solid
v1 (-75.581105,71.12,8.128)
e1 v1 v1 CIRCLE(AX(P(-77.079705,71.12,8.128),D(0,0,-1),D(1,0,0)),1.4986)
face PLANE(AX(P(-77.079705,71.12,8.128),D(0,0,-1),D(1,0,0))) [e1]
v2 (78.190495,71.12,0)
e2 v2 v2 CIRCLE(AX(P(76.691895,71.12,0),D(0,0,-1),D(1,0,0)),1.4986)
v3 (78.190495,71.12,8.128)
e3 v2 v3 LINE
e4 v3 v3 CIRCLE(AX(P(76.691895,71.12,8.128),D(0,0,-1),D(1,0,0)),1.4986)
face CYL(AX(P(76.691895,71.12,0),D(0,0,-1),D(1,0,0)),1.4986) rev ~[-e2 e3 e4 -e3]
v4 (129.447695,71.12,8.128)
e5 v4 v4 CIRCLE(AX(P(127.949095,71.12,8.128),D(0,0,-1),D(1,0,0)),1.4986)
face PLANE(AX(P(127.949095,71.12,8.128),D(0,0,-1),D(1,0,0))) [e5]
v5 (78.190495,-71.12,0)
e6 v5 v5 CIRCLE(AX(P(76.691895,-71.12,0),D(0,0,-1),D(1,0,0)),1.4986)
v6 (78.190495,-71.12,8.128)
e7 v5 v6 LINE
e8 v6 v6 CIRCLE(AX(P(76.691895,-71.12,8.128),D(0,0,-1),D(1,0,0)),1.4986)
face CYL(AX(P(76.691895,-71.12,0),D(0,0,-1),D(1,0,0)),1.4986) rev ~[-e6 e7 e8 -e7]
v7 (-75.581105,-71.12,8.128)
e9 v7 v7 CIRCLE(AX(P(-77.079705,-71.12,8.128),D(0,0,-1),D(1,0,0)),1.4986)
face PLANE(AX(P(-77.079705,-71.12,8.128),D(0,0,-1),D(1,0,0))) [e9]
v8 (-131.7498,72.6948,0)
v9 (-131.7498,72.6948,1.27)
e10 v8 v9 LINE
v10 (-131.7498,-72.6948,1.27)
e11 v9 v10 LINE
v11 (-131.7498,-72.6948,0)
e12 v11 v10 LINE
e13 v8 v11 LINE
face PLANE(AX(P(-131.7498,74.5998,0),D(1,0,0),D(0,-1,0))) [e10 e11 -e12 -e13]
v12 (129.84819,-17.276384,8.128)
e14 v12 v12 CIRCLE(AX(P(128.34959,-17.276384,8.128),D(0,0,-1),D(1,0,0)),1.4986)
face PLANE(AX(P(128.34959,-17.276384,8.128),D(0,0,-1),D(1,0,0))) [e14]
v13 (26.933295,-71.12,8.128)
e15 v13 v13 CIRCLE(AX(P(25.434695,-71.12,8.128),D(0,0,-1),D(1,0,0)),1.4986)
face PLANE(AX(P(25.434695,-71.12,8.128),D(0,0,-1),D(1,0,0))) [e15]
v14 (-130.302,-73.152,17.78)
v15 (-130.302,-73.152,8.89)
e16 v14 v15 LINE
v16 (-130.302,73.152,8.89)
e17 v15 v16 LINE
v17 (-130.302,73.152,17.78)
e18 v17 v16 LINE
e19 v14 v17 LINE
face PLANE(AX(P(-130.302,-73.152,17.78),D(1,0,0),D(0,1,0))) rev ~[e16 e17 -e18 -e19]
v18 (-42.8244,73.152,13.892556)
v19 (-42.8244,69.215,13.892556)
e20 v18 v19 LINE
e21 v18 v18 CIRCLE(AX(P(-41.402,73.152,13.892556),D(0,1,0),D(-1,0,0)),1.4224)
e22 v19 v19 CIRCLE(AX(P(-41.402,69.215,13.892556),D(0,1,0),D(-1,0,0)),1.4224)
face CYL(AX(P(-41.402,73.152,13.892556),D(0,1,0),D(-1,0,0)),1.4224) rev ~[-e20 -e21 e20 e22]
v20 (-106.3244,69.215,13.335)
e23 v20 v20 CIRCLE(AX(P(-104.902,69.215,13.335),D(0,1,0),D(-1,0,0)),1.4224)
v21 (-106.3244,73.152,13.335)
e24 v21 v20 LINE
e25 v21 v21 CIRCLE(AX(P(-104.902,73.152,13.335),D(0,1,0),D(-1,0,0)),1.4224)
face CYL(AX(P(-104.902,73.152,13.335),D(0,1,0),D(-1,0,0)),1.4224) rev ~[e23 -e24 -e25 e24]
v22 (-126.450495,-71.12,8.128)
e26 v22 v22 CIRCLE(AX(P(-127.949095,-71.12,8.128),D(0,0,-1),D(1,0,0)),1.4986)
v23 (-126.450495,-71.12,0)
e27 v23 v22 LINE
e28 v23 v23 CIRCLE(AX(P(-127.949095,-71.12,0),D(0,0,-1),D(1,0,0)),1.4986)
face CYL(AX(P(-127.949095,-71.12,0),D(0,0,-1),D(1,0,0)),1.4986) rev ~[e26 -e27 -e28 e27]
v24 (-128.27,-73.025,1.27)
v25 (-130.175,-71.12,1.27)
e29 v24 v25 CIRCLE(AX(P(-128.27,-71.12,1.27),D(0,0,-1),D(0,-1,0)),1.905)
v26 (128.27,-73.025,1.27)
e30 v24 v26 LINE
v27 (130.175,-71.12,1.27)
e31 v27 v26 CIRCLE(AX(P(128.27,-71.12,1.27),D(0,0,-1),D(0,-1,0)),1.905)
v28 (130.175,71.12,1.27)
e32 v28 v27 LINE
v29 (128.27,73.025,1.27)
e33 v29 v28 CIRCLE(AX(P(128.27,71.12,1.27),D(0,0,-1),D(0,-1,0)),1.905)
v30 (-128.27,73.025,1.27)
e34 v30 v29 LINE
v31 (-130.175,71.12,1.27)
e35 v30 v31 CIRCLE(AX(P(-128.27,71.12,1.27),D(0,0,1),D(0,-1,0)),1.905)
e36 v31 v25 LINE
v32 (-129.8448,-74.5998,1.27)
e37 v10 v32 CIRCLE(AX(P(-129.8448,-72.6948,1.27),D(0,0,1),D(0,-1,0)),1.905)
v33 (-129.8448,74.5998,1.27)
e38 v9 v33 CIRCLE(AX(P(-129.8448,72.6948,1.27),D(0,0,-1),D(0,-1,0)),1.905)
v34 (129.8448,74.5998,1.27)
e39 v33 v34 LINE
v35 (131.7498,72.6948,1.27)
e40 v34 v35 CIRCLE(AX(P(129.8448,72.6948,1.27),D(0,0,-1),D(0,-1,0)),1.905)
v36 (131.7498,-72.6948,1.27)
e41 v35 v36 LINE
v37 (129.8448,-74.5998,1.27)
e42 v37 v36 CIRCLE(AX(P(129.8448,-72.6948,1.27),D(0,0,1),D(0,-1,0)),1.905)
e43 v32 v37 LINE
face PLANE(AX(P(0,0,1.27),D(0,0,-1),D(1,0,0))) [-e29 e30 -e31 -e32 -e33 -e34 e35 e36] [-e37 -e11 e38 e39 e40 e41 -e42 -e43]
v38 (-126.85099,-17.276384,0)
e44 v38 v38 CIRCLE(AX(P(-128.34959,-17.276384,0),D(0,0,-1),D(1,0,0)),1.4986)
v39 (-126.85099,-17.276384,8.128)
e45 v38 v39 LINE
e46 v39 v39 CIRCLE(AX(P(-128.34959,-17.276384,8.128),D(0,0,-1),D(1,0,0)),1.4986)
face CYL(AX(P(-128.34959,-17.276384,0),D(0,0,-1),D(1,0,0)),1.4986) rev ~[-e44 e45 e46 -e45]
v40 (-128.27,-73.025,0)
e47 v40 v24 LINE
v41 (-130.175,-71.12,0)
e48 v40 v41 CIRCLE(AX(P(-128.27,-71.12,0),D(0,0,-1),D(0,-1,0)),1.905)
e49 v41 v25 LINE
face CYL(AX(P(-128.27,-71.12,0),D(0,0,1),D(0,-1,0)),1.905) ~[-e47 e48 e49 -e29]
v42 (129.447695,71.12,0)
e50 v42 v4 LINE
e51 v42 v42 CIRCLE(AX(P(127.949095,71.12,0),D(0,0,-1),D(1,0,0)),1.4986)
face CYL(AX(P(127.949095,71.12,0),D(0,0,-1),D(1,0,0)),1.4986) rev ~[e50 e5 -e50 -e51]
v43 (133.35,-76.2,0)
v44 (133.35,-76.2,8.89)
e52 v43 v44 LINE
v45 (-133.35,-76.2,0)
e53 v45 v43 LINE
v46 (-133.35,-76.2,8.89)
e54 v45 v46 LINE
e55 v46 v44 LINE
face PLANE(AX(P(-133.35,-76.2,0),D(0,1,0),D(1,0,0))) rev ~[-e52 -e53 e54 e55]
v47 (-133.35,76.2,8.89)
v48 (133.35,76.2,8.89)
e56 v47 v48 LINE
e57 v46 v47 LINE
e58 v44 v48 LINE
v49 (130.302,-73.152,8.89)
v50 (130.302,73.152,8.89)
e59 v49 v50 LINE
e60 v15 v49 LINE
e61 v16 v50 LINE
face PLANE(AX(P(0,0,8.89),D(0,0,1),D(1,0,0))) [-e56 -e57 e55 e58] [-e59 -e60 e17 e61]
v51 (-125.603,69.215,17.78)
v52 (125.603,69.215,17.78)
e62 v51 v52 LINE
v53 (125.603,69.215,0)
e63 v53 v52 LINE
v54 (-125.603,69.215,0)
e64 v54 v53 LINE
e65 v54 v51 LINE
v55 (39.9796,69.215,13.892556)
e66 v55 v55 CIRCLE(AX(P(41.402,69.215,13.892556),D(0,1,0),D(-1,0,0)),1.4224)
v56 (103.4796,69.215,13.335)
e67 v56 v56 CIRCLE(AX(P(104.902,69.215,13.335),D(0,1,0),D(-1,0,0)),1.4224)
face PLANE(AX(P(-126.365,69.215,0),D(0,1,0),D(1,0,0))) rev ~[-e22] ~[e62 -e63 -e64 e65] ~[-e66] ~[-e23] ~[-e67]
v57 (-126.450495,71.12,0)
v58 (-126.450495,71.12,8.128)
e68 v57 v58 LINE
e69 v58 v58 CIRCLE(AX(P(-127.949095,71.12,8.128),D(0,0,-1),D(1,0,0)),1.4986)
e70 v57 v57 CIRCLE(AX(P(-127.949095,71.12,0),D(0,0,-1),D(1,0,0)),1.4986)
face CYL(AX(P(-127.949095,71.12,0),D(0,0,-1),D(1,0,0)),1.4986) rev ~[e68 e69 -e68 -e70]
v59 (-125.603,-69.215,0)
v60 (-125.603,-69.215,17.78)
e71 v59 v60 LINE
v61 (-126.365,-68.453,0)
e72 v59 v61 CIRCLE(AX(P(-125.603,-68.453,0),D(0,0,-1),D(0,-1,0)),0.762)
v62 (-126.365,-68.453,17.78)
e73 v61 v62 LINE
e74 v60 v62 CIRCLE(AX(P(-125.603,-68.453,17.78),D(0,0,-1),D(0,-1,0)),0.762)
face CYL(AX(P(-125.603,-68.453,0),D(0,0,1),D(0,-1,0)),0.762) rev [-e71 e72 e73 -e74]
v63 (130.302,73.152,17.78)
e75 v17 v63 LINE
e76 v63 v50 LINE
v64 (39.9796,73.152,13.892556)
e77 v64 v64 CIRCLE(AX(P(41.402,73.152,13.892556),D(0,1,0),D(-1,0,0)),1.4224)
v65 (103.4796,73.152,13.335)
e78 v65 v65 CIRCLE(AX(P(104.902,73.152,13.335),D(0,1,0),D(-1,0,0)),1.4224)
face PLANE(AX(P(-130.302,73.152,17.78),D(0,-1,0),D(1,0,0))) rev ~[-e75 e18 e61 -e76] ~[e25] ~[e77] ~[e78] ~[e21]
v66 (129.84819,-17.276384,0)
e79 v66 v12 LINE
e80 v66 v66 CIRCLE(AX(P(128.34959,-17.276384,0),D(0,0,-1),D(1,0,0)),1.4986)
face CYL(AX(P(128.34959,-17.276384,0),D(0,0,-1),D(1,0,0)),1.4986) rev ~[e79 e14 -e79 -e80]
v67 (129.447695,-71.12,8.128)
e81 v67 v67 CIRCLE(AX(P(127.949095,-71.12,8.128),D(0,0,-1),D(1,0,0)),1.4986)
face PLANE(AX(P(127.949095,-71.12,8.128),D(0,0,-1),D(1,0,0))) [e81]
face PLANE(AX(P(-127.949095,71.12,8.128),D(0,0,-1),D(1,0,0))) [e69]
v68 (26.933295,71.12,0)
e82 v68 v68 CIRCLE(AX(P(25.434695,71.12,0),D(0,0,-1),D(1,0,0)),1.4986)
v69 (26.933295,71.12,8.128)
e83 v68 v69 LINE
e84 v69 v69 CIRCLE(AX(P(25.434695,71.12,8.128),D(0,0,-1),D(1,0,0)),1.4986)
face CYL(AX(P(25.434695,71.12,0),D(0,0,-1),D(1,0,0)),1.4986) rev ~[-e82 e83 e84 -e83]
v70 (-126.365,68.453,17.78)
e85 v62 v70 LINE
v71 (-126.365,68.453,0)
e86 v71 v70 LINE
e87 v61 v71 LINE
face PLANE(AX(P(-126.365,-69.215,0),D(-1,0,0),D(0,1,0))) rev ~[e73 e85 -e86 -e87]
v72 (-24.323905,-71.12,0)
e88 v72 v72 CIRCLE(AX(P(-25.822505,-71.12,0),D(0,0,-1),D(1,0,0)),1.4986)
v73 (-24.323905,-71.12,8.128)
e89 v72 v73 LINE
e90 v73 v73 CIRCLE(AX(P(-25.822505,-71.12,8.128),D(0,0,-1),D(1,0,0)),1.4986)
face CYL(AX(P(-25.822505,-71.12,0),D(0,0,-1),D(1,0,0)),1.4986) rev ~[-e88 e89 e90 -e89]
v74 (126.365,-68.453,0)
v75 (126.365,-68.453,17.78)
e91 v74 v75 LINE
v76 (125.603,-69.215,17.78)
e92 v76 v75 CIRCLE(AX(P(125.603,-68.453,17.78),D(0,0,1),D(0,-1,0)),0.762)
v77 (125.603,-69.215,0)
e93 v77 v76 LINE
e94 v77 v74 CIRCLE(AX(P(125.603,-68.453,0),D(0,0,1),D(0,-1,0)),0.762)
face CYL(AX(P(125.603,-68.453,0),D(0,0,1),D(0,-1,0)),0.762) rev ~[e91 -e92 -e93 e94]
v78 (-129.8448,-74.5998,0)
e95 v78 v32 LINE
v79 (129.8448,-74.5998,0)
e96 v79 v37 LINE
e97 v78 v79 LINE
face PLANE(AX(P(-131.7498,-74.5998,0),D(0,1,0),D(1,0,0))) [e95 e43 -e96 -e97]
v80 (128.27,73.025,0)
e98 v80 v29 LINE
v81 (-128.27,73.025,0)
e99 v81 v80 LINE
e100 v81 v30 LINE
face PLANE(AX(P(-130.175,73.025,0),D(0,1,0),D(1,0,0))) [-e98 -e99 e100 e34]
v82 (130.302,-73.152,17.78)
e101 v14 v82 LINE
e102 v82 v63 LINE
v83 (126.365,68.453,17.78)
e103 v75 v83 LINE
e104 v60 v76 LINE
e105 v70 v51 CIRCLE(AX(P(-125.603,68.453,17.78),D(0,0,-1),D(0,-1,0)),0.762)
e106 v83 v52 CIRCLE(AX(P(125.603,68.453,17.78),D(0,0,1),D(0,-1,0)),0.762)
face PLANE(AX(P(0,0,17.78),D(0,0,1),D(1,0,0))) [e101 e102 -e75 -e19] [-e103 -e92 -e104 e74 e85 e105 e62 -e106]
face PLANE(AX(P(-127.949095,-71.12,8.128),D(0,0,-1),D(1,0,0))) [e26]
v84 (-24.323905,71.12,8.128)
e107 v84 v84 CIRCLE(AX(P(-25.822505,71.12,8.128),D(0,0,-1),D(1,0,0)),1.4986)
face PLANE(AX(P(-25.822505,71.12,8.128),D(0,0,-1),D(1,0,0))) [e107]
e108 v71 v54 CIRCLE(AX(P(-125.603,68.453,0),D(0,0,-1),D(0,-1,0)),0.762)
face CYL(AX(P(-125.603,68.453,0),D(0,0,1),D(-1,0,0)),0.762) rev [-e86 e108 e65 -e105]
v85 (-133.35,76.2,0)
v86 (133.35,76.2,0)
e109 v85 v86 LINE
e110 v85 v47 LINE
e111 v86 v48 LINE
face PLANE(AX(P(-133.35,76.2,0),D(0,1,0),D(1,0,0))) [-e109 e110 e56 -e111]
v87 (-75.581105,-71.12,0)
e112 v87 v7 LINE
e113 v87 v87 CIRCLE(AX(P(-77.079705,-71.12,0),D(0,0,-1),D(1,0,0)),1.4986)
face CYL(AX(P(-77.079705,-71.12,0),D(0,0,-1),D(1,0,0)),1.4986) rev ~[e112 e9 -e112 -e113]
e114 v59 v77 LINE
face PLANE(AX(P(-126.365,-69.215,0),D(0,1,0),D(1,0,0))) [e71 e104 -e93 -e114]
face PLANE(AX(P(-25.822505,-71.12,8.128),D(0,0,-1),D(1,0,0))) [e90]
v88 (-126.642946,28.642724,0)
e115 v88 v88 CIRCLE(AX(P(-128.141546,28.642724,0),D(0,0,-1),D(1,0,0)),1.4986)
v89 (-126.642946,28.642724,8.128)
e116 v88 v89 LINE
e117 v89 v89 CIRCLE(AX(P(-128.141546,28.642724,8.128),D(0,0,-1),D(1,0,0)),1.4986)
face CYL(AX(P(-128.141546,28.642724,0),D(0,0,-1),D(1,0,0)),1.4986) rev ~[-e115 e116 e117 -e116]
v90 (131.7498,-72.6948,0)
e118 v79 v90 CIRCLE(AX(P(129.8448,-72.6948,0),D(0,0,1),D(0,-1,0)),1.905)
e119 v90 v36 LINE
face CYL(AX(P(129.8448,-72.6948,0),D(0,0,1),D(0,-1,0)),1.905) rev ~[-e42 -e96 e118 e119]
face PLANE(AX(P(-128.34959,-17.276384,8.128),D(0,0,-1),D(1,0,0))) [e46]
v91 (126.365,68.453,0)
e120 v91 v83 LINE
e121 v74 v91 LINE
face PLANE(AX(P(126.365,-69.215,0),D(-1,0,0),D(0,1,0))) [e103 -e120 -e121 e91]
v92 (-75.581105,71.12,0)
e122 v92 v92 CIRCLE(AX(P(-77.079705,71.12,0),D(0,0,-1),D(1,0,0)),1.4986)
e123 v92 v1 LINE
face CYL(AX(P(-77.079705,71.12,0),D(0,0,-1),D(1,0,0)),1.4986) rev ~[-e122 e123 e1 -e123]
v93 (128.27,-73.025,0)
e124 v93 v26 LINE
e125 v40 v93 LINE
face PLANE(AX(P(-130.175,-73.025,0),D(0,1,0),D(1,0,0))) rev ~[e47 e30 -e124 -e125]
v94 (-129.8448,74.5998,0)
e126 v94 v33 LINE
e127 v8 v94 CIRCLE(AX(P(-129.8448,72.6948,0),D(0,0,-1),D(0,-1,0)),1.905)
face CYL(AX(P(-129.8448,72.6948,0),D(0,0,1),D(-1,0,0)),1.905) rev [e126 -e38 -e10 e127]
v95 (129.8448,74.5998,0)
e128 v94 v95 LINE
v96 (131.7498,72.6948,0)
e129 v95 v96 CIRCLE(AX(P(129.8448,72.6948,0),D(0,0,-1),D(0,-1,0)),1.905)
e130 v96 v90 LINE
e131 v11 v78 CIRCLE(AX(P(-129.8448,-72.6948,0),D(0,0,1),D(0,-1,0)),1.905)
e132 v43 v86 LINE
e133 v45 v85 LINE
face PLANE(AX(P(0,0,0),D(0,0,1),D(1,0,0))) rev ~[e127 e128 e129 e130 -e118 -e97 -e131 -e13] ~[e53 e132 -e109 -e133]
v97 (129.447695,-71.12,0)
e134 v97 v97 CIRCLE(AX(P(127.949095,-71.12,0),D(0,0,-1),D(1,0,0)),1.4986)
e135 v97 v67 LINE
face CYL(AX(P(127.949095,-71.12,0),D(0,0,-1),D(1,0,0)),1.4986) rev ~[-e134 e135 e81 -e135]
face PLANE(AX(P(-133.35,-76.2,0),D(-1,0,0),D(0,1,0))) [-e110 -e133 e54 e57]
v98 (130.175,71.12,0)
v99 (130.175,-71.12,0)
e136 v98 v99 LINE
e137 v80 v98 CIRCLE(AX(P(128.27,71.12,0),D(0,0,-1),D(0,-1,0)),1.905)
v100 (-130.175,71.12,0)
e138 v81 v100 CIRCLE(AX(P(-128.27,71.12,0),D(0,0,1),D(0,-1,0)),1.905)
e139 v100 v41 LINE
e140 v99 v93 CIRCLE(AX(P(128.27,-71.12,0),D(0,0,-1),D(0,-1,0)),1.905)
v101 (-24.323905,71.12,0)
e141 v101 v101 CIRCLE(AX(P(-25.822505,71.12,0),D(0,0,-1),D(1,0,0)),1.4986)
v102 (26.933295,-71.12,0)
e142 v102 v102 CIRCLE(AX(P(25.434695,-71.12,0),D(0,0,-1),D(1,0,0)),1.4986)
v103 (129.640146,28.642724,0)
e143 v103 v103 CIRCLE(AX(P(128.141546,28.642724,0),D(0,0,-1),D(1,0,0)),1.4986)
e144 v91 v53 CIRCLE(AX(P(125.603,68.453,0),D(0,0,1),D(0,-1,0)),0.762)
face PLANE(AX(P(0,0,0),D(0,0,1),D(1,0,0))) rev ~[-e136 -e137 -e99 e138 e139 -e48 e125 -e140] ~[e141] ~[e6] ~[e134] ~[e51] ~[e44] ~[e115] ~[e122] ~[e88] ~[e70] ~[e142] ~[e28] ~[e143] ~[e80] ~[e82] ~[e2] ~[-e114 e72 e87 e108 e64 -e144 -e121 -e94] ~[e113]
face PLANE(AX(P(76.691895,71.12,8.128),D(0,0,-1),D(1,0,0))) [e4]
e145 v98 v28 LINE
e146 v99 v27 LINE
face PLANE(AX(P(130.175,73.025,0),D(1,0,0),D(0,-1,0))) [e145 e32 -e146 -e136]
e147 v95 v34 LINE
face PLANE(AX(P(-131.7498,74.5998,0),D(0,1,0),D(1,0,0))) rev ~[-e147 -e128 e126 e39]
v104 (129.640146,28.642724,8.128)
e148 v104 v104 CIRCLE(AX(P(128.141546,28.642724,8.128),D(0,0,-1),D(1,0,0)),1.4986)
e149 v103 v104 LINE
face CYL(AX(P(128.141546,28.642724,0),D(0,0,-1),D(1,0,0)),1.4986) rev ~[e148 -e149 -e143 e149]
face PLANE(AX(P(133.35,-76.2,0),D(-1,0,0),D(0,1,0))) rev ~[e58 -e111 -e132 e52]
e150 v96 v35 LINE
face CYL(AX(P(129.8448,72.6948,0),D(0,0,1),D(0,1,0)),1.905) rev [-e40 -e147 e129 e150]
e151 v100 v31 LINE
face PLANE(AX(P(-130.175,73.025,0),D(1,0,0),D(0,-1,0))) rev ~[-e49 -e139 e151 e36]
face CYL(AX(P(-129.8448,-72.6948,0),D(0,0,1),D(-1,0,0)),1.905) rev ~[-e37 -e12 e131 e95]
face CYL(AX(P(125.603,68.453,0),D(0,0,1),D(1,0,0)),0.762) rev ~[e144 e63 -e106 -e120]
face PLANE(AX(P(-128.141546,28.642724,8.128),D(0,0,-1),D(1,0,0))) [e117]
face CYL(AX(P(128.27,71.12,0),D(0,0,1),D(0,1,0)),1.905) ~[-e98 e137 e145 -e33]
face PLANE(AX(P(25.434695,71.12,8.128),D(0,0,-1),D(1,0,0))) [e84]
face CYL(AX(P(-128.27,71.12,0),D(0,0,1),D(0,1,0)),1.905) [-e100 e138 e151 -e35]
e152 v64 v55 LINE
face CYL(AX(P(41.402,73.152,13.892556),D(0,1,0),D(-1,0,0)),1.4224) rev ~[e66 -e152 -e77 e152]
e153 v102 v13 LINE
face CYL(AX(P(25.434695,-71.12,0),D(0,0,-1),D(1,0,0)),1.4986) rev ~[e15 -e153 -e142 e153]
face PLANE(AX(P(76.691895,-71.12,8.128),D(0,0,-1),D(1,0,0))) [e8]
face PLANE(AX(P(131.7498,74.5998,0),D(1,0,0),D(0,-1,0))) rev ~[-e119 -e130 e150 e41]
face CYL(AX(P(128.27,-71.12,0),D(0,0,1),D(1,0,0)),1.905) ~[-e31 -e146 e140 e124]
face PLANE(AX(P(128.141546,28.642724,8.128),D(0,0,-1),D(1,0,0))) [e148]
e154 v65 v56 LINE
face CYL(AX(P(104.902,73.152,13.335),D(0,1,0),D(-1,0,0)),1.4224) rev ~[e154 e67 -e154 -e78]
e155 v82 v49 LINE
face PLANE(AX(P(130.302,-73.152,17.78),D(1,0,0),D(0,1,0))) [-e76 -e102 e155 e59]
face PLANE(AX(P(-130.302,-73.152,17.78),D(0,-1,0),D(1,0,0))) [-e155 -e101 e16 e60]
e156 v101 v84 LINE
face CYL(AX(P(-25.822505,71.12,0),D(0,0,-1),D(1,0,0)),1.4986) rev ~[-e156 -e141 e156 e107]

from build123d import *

# Parameters (mm, degrees)
F0_W      = 266.7
F0_H      = 152.4
F0_W_2    = 252.73
F0_H_2    = 138.43
F1_DEPTH  = 17.78
F2_W      = 266.7
F2_H      = 152.4
F2_W_2    = 260.604
F2_H_2    = 146.304
F3_DEPTH  = 8.89
F4_W      = 263.4996
F4_H      = 149.1996
F4_W_2    = 260.35
F4_H_2    = 146.05
F5_DEPTH  = 1.27
F6_R      = 0.762
F7_R      = 1.905
F8_R      = 1.4986
F9_DEPTH  = 8.128
F10_R     = 1.4224
F11_DEPTH = 25.4


with BuildPart() as f1:
    # F0 (on Top) → F1 (new body)
    with BuildSketch(Plane.XY):
        Rectangle(F0_W, F0_H)
        Rectangle(F0_W_2, F0_H_2, mode=Mode.SUBTRACT)
    extrude(amount=F1_DEPTH)

    # F2 (on face) → F3 (cut)
    with BuildSketch(Plane.XY.offset(17.78)):
        Rectangle(F2_W, F2_H)
        Rectangle(F2_W_2, F2_H_2, mode=Mode.SUBTRACT)
    extrude(amount=-F3_DEPTH, mode=Mode.SUBTRACT)

    # F4 (on face) → F5 (cut)
    with BuildSketch(Plane(origin=(0, 0, 0), x_dir=(1, 0, 0), z_dir=(0, 0, -1))):
        Rectangle(F4_W, F4_H)
        Rectangle(F4_W_2, F4_H_2, mode=Mode.SUBTRACT)
    extrude(amount=-F5_DEPTH, mode=Mode.SUBTRACT)

    # F6
    f6_edges = [f1.edges().sort_by_distance(p)[0] for p in [
        (-126.365, -69.215, 8.89),
        (126.365, -69.215, 8.89),
        (126.365, 69.215, 8.89),
        (-126.365, 69.215, 8.89),
    ]]
    fillet(f6_edges, radius=F6_R)

    # F7
    f7_edges = [f1.edges().sort_by_distance(p)[0] for p in [
        (130.175, 73.025, 0.635),
        (131.7498, 74.5998, 0.635),
        (-130.175, 73.025, 0.635),
        (-131.7498, 74.5998, 0.635),
        (-130.175, -73.025, 0.635),
        (-131.7498, -74.5998, 0.635),
        (130.175, -73.025, 0.635),
        (131.7498, -74.5998, 0.635),
    ]]
    fillet(f7_edges, radius=F7_R)

    # F8 (on face) → F9 (cut)
    with BuildSketch(Plane(origin=(0, 0, 0), x_dir=(1, 0, 0), z_dir=(0, 0, -1))):
        with Locations((127.949095, -71.12)):
            Circle(F8_R)
        with Locations((128.141546, -28.642724)):
            Circle(F8_R)
        with Locations((128.34959, 17.276384)):
            Circle(F8_R)
        with Locations((-127.949095, -71.12)):
            Circle(F8_R)
        with Locations((-128.34959, 17.276384)):
            Circle(F8_R)
        with Locations((-128.141546, -28.642724)):
            Circle(F8_R)
        with Locations((76.691895, -71.12)):
            Circle(F8_R)
        with Locations((25.434695, -71.12)):
            Circle(F8_R)
        with Locations((-25.822505, -71.12)):
            Circle(F8_R)
        with Locations((-77.079705, -71.12)):
            Circle(F8_R)
        with Locations((76.691895, 71.12)):
            Circle(F8_R)
        with Locations((127.949095, 71.12)):
            Circle(F8_R)
        with Locations((-127.949095, 71.12)):
            Circle(F8_R)
        with Locations((25.434695, 71.12)):
            Circle(F8_R)
        with Locations((-77.079705, 71.12)):
            Circle(F8_R)
        with Locations((-25.822505, 71.12)):
            Circle(F8_R)
    extrude(amount=-F9_DEPTH, mode=Mode.SUBTRACT)

    # F10 (on face) → F11 (cut)
    with BuildSketch(Plane(origin=(0, 73.152, 0), x_dir=(-1, 0, 0), z_dir=(0, 1, 0))):
        with Locations((-104.902, 13.335)):
            Circle(F10_R)
        with Locations((-41.402, 13.892556)):
            Circle(F10_R)
        with Locations((104.902, 13.335)):
            Circle(F10_R)
        with Locations((41.402, 13.892556)):
            Circle(F10_R)
    extrude(amount=-F11_DEPTH, mode=Mode.SUBTRACT)


solid = f1.part
